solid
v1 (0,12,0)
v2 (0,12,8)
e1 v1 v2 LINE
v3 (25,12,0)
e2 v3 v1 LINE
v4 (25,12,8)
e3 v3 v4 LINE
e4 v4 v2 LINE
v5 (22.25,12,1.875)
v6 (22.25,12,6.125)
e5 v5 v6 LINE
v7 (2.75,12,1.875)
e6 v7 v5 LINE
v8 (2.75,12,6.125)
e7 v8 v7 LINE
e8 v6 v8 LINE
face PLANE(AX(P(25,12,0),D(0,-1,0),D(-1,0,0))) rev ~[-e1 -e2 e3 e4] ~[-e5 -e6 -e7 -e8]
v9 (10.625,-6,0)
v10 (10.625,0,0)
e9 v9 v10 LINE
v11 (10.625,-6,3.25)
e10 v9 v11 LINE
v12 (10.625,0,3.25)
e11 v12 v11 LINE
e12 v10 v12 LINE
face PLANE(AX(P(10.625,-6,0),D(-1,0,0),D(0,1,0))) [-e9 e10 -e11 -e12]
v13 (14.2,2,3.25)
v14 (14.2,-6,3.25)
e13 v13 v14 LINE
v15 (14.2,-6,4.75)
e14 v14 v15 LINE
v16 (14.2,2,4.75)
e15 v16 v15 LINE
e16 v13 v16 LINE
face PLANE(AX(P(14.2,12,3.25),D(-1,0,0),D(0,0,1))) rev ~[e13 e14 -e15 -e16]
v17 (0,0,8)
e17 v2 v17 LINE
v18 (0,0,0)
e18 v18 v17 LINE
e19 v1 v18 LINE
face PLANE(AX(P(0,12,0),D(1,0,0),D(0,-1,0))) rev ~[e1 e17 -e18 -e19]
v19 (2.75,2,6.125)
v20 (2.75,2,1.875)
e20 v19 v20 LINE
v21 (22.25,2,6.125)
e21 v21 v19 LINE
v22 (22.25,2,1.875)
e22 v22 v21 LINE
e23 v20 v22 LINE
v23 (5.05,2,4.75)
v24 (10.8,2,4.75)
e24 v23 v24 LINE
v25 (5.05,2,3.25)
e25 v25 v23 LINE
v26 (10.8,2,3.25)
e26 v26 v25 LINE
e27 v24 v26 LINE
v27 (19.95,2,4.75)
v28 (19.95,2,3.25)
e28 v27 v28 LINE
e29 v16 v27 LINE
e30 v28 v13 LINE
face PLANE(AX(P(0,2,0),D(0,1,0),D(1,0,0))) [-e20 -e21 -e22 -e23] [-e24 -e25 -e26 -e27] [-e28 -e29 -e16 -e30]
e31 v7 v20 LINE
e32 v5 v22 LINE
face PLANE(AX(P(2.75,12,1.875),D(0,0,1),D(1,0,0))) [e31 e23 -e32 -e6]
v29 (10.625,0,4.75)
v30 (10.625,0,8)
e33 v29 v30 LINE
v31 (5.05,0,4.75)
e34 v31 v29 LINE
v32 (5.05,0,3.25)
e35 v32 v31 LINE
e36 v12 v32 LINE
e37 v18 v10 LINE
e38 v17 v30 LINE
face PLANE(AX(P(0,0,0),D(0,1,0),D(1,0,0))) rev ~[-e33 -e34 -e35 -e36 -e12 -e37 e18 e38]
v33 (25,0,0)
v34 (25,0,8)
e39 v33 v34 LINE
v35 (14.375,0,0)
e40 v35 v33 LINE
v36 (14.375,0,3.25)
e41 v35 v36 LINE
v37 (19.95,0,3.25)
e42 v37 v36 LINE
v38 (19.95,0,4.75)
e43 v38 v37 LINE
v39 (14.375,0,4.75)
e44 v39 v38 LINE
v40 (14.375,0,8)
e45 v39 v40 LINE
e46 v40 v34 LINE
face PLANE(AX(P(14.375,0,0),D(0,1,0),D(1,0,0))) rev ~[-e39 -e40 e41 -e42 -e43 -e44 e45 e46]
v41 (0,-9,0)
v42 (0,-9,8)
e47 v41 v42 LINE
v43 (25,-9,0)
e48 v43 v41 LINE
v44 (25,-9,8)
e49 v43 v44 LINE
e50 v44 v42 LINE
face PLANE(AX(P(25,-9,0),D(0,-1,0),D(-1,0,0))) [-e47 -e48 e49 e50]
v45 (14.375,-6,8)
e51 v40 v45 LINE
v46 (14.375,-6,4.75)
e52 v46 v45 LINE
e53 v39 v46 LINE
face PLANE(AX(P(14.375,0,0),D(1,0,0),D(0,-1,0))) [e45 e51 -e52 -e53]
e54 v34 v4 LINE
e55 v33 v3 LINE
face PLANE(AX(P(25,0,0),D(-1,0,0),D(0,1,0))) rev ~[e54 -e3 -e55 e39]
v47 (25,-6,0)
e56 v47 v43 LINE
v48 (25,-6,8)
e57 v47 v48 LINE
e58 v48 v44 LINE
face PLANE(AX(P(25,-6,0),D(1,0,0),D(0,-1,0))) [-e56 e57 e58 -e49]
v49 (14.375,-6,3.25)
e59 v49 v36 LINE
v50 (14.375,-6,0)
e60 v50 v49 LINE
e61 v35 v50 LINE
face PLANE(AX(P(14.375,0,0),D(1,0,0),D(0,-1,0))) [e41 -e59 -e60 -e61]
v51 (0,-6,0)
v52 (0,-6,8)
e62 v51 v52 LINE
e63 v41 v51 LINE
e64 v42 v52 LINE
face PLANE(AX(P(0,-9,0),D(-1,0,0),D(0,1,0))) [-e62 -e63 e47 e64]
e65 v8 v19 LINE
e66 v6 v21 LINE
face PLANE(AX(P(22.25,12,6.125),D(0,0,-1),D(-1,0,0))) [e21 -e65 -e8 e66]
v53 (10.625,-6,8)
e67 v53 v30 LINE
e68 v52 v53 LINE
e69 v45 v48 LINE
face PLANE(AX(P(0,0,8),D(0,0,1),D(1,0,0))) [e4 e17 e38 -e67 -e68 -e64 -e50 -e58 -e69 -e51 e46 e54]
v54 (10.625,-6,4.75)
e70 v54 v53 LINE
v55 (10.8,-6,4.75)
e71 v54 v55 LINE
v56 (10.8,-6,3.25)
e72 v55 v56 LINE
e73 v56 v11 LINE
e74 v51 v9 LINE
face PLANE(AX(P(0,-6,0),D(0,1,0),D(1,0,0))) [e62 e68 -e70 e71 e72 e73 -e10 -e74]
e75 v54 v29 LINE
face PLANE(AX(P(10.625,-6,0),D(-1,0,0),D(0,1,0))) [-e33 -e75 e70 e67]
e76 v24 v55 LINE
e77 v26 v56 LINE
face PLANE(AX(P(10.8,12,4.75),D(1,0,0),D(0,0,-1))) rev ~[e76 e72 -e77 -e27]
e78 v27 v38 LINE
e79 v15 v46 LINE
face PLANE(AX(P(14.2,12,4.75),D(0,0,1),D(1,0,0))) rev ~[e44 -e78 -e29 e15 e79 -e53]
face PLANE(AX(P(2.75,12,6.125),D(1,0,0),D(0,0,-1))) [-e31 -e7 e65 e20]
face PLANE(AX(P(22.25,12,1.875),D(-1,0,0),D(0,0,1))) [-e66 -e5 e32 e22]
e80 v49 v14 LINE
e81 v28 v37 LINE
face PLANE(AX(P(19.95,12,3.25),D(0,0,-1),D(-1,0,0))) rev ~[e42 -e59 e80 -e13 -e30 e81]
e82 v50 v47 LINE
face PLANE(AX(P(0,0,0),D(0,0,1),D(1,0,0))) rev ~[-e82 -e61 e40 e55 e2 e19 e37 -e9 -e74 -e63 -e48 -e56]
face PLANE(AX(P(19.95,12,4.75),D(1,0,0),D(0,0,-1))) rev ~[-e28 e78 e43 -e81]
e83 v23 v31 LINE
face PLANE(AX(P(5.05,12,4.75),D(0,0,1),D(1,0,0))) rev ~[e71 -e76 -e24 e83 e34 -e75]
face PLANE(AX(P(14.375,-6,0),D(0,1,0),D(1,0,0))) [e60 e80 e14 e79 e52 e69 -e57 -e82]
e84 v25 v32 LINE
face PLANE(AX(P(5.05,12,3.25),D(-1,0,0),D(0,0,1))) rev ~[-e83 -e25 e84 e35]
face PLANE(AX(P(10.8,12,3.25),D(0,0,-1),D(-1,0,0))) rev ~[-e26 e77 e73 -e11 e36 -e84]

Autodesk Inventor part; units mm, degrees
ref_plane "YZ Plane" through (0, 0, 0) normal (1, 0, 0) x (0, 1, 0)
ref_plane "XZ Plane" through (0, 0, 0) normal (0, 1, 0) x (-1, 0, 0)
ref_plane "XY Plane" through (0, 0, 0) normal (0, 0, 1) x (1, 0, 0)
sketch "Sketch1" plane through (0, 0, 0) normal (0, 0, 1) x (1, 0, 0)
  line L0 (0, 0) -> (25, 0)
  line L1 (25, 0) -> (25, 12)
  line L2 (25, 12) -> (0, 12)
  line L3 (0, 12) -> (0, 0)
  line L4 (10.625, 0) -> (14.375, 0)
  line L5 (14.375, 0) -> (14.375, -6)
  line L6 (14.375, -6) -> (10.625, -6) construction
  line L7 (10.625, -6) -> (10.625, 0)
  line L8 (0, -6) -> (25, -6)
  line L9 (25, -6) -> (25, -9)
  line L10 (25, -9) -> (0, -9)
  line L11 (0, -9) -> (0, -6)
  point P0 (14.375, 0)
  dimension "d0" = 25
  dimension "d1" = 12
  dimension "d2" = 6
  dimension "d3" = 3.75
  dimension "d4" = 10.625
  dimension "d28" = 0
  dimension "d29" = 3
extrude "Extrusion1" add sketch "Sketch1" along normal blind 8
sketch "Sketch2" plane through (0, 12, 0) normal (0, 1, 0) x (1, 0, 0)
  line L0 (0, 0) -> (10.625, 0) projected
  line L1 (0, 0) -> (25, 0)
  line L2 (25, 0) -> (25, -8)
  line L3 (25, -8) -> (0, -8)
  line L4 (0, -8) -> (0, 0)
  line L5 (2.75, -1.875) -> (22.25, -1.875)
  line L6 (22.25, -1.875) -> (22.25, -6.125)
  line L7 (22.25, -6.125) -> (2.75, -6.125)
  line L8 (2.75, -6.125) -> (2.75, -1.875)
  line L9 (5.05, -4.75) -> (10.8, -4.75)
  line L10 (10.8, -4.75) -> (10.8, -3.25)
  line L11 (10.8, -3.25) -> (5.05, -3.25)
  line L12 (5.05, -3.25) -> (5.05, -4.75)
  line L13 (14.2, -4.75) -> (19.95, -4.75)
  line L14 (19.95, -4.75) -> (19.95, -3.25)
  line L15 (19.95, -3.25) -> (14.2, -3.25)
  line L16 (14.2, -3.25) -> (14.2, -4.75)
  line L17 (2.95, -6) -> (22.05, -6) construction
  line L18 (22.05, -6) -> (22.05, -2) construction
  line L19 (22.05, -2) -> (2.95, -2) construction
  line L20 (2.95, -2) -> (2.95, -6) construction
  dimension "d7" = 25
  dimension "d8" = 8
  dimension "d9" = 19.5
  dimension "d10" = 4.25
  dimension "d11" = 1.875
  dimension "d12" = 2.75
  dimension "d13" = 1.5
  dimension "d14" = 19.1
  dimension "d15" = 4
  dimension "d16" = 2.95
  dimension "d17" = 2
  dimension "d18" = 2.1
  dimension "d20" = 2.1
  dimension "d21" = 1.25
  dimension "d22" = 5.75
  dimension "d23" = 5.75
extrude "Extrusion2" cut sketch "Sketch2" against normal blind 10 contours L5 L6 L7 L8 | L12 L11 L10 L9 | L16 L15 L14 L13
extrude "Extrusion3" cut sketch "Sketch2" against normal blind 18 contours L12 L11 L10 L9 | L16 L15 L14 L13
properties part number "fusebox"
